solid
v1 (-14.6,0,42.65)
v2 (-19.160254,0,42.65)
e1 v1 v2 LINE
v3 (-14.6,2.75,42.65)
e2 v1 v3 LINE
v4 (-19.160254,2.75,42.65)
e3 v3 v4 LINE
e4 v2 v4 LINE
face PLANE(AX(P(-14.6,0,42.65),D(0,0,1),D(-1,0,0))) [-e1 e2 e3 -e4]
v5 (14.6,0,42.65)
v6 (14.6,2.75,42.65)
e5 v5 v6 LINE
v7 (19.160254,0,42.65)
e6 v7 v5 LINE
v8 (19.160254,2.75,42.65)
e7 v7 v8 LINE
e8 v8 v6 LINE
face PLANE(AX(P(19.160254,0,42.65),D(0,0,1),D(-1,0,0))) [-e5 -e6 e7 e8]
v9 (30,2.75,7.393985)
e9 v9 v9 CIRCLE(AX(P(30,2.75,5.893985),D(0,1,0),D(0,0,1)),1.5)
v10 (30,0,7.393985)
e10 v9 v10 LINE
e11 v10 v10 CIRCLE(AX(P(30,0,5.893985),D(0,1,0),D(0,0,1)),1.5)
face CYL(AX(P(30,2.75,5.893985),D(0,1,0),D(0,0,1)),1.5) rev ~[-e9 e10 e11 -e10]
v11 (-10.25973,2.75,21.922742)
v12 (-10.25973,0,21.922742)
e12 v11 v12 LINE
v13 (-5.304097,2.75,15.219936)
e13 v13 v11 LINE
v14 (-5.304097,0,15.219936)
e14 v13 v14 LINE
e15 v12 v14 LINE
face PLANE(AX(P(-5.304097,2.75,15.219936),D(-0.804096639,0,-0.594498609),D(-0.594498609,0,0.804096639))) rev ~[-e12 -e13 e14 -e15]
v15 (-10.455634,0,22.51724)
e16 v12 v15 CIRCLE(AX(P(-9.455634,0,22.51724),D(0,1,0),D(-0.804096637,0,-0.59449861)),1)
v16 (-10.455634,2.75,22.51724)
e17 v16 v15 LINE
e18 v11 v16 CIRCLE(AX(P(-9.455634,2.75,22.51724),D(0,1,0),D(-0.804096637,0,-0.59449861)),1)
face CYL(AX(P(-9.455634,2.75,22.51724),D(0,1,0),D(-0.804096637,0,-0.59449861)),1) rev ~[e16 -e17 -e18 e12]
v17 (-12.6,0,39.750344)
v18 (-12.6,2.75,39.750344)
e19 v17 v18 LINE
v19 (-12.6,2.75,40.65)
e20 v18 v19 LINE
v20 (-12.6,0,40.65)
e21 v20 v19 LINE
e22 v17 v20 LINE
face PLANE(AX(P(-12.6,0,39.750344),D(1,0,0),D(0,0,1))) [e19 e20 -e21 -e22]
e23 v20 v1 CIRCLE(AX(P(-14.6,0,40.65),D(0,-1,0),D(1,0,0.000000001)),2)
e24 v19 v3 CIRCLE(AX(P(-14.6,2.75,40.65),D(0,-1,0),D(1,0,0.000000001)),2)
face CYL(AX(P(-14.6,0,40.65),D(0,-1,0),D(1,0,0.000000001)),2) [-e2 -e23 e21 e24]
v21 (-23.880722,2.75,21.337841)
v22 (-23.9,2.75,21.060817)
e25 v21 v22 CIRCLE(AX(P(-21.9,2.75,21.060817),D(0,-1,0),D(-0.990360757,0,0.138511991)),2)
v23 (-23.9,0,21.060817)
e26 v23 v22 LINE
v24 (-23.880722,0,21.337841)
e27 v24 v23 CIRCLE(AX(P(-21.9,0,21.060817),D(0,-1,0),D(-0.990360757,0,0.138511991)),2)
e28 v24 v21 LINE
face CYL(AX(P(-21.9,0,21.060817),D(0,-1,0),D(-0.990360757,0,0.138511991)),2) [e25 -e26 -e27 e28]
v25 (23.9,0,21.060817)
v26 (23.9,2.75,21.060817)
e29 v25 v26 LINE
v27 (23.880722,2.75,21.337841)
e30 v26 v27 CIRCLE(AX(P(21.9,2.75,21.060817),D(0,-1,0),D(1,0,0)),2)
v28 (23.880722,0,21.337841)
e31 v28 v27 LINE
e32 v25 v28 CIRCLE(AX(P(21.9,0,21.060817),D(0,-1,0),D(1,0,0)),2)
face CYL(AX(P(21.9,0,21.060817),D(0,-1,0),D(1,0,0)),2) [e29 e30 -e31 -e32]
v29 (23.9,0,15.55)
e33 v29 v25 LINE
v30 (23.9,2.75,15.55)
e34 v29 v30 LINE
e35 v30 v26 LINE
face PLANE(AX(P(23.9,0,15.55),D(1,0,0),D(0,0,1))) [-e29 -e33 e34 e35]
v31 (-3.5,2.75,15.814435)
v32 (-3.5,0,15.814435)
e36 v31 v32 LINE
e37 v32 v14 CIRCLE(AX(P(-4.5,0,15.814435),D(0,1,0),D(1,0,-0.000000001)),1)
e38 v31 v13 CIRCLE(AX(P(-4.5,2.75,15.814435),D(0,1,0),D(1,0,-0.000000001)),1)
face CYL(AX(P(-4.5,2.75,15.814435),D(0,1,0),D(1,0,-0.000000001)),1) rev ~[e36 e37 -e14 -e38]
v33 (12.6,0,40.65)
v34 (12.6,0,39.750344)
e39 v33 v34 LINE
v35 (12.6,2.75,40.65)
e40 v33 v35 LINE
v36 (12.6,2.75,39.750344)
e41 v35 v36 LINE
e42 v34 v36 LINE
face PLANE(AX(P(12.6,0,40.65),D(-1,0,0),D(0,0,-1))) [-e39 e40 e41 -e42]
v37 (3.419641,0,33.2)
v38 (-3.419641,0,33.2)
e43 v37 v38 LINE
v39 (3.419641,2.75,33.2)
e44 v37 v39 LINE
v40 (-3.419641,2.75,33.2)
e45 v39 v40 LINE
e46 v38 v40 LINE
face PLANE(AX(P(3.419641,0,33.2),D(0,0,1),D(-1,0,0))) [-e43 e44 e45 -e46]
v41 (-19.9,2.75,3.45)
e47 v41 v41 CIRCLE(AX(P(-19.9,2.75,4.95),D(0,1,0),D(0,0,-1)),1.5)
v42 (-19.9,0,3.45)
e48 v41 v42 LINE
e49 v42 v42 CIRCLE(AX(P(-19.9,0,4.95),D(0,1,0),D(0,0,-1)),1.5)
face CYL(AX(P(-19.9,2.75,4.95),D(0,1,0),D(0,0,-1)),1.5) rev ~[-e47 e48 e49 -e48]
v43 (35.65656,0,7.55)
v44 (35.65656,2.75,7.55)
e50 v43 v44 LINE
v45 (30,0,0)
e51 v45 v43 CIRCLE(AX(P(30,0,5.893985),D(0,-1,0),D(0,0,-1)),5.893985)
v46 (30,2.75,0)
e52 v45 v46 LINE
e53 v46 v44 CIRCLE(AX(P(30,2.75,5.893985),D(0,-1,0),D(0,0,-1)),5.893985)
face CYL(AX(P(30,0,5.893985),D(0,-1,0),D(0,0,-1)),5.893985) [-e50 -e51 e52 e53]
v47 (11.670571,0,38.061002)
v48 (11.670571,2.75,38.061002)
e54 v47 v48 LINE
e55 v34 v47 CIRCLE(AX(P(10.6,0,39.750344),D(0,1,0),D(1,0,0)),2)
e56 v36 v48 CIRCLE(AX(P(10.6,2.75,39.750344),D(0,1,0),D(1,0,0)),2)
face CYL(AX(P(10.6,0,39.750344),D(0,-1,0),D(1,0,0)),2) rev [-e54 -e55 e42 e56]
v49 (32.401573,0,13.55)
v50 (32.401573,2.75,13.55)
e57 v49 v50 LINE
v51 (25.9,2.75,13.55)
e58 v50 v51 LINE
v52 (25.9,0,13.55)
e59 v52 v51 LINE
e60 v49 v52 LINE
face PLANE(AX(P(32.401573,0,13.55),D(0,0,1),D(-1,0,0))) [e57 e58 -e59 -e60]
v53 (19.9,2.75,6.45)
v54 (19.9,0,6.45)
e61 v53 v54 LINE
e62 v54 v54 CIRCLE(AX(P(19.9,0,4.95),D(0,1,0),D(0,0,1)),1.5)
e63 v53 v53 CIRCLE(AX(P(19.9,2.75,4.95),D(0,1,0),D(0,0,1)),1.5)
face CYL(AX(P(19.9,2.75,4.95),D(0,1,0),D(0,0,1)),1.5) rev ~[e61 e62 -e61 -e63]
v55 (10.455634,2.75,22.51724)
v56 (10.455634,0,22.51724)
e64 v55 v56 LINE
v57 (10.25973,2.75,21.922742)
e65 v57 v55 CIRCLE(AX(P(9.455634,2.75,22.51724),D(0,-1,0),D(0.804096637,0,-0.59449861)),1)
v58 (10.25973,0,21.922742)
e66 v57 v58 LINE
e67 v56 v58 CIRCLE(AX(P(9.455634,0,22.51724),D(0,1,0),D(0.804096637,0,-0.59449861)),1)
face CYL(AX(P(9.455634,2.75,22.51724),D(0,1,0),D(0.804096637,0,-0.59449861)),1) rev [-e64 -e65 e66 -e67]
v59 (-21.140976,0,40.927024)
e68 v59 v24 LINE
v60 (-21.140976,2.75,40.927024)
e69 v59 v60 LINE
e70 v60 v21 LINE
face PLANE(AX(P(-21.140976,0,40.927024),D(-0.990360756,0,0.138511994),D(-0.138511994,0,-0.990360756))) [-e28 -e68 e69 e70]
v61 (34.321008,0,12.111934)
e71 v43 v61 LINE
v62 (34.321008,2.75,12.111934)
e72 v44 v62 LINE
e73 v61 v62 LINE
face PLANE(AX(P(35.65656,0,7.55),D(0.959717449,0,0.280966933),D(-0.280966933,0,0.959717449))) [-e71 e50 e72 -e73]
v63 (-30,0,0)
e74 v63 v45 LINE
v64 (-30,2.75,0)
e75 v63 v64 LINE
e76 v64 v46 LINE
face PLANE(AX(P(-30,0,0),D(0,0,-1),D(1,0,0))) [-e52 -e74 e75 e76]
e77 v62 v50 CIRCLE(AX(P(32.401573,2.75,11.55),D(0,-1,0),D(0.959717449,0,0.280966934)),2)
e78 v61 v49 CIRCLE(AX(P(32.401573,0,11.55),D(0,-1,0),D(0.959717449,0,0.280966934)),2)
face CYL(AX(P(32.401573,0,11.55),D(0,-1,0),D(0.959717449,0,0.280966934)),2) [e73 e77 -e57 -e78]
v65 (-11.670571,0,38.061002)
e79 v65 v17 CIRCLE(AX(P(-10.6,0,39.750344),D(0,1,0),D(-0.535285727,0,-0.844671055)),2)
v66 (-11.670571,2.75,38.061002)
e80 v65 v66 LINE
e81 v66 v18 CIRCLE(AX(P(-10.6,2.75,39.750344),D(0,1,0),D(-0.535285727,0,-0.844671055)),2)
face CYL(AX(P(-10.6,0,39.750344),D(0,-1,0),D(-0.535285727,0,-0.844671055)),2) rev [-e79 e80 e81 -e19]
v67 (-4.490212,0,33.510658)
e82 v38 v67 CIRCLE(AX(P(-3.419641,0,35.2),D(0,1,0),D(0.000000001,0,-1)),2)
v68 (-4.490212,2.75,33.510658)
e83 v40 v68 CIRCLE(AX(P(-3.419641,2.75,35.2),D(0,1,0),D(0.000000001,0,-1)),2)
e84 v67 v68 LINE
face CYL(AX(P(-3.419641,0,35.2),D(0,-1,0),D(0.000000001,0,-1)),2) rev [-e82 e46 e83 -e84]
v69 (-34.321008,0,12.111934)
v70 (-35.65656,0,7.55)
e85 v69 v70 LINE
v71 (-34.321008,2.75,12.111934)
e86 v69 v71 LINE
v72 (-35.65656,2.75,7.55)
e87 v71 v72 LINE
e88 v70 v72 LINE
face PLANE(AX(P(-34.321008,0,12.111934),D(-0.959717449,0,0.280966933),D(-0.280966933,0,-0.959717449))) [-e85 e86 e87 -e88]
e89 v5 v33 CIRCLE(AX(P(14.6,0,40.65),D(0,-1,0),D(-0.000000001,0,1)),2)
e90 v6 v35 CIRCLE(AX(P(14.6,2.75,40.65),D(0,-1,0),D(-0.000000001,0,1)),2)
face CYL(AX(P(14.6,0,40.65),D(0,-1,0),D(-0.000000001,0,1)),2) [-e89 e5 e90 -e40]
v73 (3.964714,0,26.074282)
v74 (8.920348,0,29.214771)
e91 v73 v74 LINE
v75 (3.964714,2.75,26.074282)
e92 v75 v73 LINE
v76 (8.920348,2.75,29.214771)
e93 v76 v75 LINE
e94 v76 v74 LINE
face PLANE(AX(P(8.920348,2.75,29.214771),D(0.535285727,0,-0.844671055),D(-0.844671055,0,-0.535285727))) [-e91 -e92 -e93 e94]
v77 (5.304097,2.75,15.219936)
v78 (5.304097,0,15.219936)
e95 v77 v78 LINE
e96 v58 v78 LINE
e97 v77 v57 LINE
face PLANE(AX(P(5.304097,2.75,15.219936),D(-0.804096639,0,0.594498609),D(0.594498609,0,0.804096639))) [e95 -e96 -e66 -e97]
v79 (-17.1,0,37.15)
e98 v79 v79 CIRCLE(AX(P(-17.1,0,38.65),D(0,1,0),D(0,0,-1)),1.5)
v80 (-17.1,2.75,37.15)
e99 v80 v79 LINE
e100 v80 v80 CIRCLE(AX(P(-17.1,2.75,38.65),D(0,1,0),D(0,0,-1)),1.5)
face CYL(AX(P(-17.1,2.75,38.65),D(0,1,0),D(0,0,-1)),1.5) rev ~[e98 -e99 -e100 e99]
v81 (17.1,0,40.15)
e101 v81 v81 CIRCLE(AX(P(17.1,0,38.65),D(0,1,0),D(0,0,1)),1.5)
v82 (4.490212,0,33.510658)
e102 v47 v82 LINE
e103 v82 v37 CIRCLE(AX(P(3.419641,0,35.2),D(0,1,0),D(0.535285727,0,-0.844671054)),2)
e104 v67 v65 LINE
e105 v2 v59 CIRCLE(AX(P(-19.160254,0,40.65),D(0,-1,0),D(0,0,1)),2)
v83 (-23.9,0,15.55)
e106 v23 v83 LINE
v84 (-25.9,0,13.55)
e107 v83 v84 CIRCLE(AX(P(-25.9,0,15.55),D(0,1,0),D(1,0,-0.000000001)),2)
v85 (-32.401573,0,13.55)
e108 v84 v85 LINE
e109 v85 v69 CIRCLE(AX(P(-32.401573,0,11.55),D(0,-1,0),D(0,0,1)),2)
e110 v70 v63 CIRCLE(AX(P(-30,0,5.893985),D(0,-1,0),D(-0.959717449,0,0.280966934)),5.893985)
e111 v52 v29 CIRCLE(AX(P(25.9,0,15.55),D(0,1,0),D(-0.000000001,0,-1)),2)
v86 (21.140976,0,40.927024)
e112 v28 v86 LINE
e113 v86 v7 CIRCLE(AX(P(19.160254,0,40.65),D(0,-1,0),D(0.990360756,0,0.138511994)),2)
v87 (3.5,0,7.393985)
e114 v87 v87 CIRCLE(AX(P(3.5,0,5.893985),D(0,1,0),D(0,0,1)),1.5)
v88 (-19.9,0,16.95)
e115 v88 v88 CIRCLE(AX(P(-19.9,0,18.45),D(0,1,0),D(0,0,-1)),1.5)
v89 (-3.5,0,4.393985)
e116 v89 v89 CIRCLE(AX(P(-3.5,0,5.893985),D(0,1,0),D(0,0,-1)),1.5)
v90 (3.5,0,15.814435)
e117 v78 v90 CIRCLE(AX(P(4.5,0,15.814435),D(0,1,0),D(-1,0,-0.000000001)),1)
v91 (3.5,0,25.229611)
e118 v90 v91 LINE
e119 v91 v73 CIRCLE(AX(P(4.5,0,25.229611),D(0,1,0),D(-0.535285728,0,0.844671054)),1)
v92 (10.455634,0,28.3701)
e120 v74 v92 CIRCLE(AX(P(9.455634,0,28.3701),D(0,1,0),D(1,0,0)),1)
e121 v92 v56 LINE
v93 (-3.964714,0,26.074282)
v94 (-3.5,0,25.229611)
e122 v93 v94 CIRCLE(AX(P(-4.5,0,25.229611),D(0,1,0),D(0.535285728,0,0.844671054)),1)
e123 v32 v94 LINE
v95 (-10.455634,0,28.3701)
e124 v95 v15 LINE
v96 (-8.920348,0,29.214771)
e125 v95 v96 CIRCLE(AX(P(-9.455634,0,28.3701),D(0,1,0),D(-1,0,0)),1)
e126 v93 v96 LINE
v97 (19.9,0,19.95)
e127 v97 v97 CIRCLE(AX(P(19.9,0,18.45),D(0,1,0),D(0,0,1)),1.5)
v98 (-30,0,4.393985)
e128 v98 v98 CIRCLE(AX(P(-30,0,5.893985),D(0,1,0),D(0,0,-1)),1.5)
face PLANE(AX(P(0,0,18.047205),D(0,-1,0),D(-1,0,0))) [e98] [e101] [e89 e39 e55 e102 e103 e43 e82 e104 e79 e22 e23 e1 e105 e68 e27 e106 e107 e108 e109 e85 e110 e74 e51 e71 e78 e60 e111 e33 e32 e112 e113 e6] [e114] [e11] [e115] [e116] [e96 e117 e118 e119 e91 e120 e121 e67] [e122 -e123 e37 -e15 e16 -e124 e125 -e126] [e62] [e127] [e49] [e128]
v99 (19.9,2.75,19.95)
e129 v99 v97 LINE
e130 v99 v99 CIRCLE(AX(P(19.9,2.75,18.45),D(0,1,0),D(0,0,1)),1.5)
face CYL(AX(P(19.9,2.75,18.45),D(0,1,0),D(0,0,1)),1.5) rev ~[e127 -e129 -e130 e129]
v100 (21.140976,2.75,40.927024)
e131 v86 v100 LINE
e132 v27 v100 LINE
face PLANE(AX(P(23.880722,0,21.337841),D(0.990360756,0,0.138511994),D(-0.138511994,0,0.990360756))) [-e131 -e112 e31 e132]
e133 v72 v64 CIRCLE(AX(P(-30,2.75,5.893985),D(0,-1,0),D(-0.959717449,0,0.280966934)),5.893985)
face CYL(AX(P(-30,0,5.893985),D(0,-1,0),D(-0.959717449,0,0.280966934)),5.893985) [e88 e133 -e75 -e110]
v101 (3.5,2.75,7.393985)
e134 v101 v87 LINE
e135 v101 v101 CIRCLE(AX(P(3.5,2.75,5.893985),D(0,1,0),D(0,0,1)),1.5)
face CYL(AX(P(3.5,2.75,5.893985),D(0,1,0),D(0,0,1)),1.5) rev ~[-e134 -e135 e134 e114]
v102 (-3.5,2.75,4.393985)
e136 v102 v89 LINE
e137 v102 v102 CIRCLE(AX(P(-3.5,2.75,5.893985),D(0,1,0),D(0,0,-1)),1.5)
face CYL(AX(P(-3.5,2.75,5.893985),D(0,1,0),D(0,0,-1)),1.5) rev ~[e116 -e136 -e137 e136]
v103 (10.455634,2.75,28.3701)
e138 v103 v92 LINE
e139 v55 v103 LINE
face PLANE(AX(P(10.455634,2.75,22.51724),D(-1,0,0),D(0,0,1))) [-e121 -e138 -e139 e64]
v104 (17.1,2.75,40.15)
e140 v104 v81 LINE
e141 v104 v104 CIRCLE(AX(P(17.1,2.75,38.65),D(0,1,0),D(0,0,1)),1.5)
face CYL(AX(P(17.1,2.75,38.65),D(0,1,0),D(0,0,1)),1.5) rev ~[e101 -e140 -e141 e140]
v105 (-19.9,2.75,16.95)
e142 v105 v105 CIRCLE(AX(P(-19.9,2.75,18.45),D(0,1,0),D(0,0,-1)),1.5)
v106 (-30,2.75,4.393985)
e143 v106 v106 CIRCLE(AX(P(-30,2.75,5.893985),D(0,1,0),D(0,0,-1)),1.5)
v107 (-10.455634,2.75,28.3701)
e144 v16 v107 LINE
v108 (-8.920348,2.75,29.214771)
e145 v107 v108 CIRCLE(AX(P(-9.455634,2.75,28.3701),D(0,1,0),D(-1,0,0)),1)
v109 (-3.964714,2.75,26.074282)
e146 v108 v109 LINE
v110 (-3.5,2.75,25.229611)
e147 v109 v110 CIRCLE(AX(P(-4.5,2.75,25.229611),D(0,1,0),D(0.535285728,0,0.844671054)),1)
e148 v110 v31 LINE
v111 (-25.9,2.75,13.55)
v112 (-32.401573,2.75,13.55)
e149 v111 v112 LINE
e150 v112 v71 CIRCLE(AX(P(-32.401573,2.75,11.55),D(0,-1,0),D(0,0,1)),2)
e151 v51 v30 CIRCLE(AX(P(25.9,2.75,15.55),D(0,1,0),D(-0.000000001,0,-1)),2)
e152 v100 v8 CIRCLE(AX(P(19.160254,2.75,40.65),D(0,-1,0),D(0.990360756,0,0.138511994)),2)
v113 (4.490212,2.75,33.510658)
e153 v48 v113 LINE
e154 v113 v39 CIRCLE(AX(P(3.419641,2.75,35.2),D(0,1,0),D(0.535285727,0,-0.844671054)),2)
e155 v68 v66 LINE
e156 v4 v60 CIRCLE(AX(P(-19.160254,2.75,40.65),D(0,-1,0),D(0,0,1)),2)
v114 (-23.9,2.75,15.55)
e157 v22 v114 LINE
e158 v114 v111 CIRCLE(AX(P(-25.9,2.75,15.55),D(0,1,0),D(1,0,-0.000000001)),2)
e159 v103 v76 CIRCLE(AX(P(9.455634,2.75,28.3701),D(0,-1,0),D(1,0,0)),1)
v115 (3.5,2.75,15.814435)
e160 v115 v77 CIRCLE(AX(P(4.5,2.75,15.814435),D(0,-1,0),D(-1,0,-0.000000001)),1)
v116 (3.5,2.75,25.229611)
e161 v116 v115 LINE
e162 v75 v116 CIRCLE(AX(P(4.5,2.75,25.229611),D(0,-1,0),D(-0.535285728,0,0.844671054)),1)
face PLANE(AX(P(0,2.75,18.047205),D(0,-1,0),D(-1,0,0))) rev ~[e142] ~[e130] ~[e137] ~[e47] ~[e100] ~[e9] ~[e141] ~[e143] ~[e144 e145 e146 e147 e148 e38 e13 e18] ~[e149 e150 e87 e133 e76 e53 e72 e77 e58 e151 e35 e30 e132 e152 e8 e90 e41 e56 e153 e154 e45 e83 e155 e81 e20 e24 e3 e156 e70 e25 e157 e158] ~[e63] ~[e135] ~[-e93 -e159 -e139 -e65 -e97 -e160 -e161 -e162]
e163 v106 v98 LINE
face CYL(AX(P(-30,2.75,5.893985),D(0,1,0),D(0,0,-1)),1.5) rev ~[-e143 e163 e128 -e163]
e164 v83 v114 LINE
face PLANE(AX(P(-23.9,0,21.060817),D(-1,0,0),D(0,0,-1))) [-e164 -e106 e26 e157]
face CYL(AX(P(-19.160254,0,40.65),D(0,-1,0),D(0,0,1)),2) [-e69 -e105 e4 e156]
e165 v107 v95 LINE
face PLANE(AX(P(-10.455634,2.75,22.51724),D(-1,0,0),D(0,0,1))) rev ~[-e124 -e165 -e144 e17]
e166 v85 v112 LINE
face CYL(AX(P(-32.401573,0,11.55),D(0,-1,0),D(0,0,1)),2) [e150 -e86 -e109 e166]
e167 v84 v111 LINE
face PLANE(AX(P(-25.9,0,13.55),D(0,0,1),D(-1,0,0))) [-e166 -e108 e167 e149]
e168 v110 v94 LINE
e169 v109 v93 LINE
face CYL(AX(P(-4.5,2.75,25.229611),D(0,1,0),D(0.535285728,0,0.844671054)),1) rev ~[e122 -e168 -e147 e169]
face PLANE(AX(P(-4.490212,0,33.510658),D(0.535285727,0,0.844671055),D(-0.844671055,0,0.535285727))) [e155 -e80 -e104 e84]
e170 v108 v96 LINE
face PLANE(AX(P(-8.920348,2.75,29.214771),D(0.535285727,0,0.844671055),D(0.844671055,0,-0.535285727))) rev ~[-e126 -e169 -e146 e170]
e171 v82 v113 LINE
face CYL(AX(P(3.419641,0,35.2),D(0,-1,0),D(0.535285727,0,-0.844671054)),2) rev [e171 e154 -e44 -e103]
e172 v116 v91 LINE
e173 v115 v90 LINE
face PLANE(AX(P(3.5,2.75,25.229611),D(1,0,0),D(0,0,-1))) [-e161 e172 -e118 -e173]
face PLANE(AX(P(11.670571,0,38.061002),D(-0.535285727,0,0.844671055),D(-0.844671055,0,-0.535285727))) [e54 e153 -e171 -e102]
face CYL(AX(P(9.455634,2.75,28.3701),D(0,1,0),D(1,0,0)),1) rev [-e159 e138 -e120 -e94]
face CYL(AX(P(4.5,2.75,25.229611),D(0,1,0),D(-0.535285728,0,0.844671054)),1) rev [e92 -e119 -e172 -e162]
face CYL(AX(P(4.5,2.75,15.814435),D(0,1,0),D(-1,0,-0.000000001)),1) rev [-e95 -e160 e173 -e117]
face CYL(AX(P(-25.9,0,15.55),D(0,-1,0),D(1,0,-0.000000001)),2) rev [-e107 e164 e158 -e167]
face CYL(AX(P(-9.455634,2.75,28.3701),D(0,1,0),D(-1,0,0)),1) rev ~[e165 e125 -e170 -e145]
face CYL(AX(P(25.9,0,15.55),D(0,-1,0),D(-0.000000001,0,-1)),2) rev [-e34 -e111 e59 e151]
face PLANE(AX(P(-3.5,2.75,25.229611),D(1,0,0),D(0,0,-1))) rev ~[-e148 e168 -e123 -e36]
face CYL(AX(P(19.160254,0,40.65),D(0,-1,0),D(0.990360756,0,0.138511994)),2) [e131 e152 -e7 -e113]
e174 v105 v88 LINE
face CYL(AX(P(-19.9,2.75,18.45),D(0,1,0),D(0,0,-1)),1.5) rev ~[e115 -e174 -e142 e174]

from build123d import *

# Parameters (mm, degrees)
RESSALTO_EXTRUS_O1_DEPTH = 2.75
ESBO_O4_R                = 1.5
CORTE_EXTRUS_O1_DEPTH    = 56.81185506


with BuildPart() as part:
    # Esboço3 → Ressalto-extrusão1 (new body)
    with BuildSketch(Plane(origin=(0, 0, 0), x_dir=(1, 0, 0), z_dir=(0, 1, 0))):
        with BuildLine():
            Line((-30, 0), (30, 0))
            ThreePointArc((30, 0), (34.716968698, -2.359969453), (35.656560331, -7.55))
            Line((35.656560331, -7.55), (34.321008321, -12.111933867))
            ThreePointArc((34.321008321, -12.111933867), (33.600767374, -13.150604219), (32.401573422, -13.55))
            Line((32.401573422, -13.55), (25.9, -13.55))
            ThreePointArc((25.9, -13.55), (24.485786438, -14.135786438), (23.9, -15.55))
            Line((23.9, -15.55), (23.9, -21.060817198))
            ThreePointArc((23.9, -21.060817198), (23.895174557, -21.199664191), (23.880721513, -21.337841185))
            Line((23.880721513, -21.337841185), (21.140975666, -40.927023988))
            ThreePointArc((21.140975666, -40.927023988), (20.472875962, -42.158981109), (19.160254154, -42.65))
            Line((19.160254154, -42.65), (14.6, -42.65))
            ThreePointArc((14.6, -42.65), (13.185786438, -42.064213562), (12.6, -40.65))
            Line((12.6, -40.65), (12.6, -39.750343786))
            ThreePointArc((12.6, -39.750343786), (12.352304612, -38.786275041), (11.670571453, -38.061001677))
            Line((11.670571453, -38.061001677), (4.490212451, -33.51065789))
            ThreePointArc((4.490212451, -33.51065789), (3.977007924, -33.279233978), (3.419640998, -33.2))
            Line((3.419640998, -33.2), (-3.419640998, -33.2))
            ThreePointArc((-3.419640998, -33.2), (-3.977007924, -33.279233978), (-4.490212451, -33.51065789))
            Line((-4.490212451, -33.51065789), (-11.670571453, -38.061001677))
            ThreePointArc((-11.670571453, -38.061001677), (-12.352304612, -38.786275041), (-12.6, -39.750343786))
            Line((-12.6, -39.750343786), (-12.6, -40.65))
            ThreePointArc((-12.6, -40.65), (-13.185786438, -42.064213562), (-14.6, -42.65))
            Line((-14.6, -42.65), (-19.160254154, -42.65))
            ThreePointArc((-19.160254154, -42.65), (-20.472875962, -42.158981109), (-21.140975666, -40.927023988))
            Line((-21.140975666, -40.927023988), (-23.880721513, -21.337841185))
            ThreePointArc((-23.880721513, -21.337841185), (-23.895174557, -21.199664191), (-23.9, -21.060817198))
            Line((-23.9, -21.060817198), (-23.9, -15.55))
            ThreePointArc((-23.9, -15.55), (-24.485786438, -14.135786438), (-25.9, -13.55))
            Line((-25.9, -13.55), (-32.401573422, -13.55))
            ThreePointArc((-32.401573422, -13.55), (-33.600767374, -13.150604219), (-34.321008321, -12.111933867))
            Line((-34.321008321, -12.111933867), (-35.656560331, -7.55))
            ThreePointArc((-35.656560331, -7.55), (-34.716968698, -2.359969453), (-30, 0))
        make_face()
    extrude(amount=RESSALTO_EXTRUS_O1_DEPTH)

    # Esboço4 → Corte-extrusão1 (cut, through all)
    with BuildSketch(Plane(origin=(0, 2.75, 0), x_dir=(1, 0, 0), z_dir=(0, 1, 0))):
        with Locations(Location((3.5, -5.893985085, 0), (0, 0, 270))):
            Circle(ESBO_O4_R)
        with Locations(Location((30, -5.893985085, 0), (0, 0, 270))):
            Circle(ESBO_O4_R)
        with Locations(Location((19.9, -4.95, 0), (0, 0, 270))):
            Circle(ESBO_O4_R)
        with Locations(Location((19.9, -18.45, 0), (0, 0, 270))):
            Circle(ESBO_O4_R)
        with Locations(Location((17.1, -38.65, 0), (0, 0, 270))):
            Circle(ESBO_O4_R)
        with Locations(Location((-3.5, -5.893985085, 0), (0, 0, 90))):
            Circle(ESBO_O4_R)
        with Locations(Location((-17.1, -38.65, 0), (0, 0, 90))):
            Circle(ESBO_O4_R)
        with Locations(Location((-19.9, -18.45, 0), (0, 0, 90))):
            Circle(ESBO_O4_R)
        with Locations(Location((-19.9, -4.95, 0), (0, 0, 90))):
            Circle(ESBO_O4_R)
        with Locations(Location((-30, -5.893985085, 0), (0, 0, 90))):
            Circle(ESBO_O4_R)
        with BuildLine():
            Line((3.5, -25.229610701), (3.5, -15.814435009))
            ThreePointArc((3.5, -15.814435009), (4.187027668, -14.864672766), (5.304096639, -15.219936401))
            Line((5.304096639, -15.219936401), (10.25973036, -21.922741689))
            ThreePointArc((10.25973036, -21.922741689), (10.405395965, -22.204267965), (10.455633721, -22.517240297))
            Line((10.455633721, -22.517240297), (10.455633721, -28.370099513))
            ThreePointArc((10.455633721, -28.370099513), (9.937668094, -29.246251819), (8.920347995, -29.214770568))
            Line((8.920347995, -29.214770568), (3.964714273, -26.074281756))
            ThreePointArc((3.964714273, -26.074281756), (3.623847694, -25.711645074), (3.5, -25.229610701))
        make_face()
        with BuildLine():
            Line((-8.920347995, -29.214770568), (-3.964714273, -26.074281756))
            ThreePointArc((-3.964714273, -26.074281756), (-3.623847694, -25.711645074), (-3.5, -25.229610701))
            Line((-3.5, -25.229610701), (-3.5, -15.814435009))
            ThreePointArc((-3.5, -15.814435009), (-4.187027668, -14.864672766), (-5.304096639, -15.219936401))
            Line((-5.304096639, -15.219936401), (-10.25973036, -21.922741689))
            ThreePointArc((-10.25973036, -21.922741689), (-10.405395965, -22.204267965), (-10.455633721, -22.517240297))
            Line((-10.455633721, -22.517240297), (-10.455633721, -28.370099513))
            ThreePointArc((-10.455633721, -28.370099513), (-9.937668094, -29.246251819), (-8.920347995, -29.214770568))
        make_face()
    extrude(amount=-CORTE_EXTRUS_O1_DEPTH, mode=Mode.SUBTRACT)


solid = part.part
